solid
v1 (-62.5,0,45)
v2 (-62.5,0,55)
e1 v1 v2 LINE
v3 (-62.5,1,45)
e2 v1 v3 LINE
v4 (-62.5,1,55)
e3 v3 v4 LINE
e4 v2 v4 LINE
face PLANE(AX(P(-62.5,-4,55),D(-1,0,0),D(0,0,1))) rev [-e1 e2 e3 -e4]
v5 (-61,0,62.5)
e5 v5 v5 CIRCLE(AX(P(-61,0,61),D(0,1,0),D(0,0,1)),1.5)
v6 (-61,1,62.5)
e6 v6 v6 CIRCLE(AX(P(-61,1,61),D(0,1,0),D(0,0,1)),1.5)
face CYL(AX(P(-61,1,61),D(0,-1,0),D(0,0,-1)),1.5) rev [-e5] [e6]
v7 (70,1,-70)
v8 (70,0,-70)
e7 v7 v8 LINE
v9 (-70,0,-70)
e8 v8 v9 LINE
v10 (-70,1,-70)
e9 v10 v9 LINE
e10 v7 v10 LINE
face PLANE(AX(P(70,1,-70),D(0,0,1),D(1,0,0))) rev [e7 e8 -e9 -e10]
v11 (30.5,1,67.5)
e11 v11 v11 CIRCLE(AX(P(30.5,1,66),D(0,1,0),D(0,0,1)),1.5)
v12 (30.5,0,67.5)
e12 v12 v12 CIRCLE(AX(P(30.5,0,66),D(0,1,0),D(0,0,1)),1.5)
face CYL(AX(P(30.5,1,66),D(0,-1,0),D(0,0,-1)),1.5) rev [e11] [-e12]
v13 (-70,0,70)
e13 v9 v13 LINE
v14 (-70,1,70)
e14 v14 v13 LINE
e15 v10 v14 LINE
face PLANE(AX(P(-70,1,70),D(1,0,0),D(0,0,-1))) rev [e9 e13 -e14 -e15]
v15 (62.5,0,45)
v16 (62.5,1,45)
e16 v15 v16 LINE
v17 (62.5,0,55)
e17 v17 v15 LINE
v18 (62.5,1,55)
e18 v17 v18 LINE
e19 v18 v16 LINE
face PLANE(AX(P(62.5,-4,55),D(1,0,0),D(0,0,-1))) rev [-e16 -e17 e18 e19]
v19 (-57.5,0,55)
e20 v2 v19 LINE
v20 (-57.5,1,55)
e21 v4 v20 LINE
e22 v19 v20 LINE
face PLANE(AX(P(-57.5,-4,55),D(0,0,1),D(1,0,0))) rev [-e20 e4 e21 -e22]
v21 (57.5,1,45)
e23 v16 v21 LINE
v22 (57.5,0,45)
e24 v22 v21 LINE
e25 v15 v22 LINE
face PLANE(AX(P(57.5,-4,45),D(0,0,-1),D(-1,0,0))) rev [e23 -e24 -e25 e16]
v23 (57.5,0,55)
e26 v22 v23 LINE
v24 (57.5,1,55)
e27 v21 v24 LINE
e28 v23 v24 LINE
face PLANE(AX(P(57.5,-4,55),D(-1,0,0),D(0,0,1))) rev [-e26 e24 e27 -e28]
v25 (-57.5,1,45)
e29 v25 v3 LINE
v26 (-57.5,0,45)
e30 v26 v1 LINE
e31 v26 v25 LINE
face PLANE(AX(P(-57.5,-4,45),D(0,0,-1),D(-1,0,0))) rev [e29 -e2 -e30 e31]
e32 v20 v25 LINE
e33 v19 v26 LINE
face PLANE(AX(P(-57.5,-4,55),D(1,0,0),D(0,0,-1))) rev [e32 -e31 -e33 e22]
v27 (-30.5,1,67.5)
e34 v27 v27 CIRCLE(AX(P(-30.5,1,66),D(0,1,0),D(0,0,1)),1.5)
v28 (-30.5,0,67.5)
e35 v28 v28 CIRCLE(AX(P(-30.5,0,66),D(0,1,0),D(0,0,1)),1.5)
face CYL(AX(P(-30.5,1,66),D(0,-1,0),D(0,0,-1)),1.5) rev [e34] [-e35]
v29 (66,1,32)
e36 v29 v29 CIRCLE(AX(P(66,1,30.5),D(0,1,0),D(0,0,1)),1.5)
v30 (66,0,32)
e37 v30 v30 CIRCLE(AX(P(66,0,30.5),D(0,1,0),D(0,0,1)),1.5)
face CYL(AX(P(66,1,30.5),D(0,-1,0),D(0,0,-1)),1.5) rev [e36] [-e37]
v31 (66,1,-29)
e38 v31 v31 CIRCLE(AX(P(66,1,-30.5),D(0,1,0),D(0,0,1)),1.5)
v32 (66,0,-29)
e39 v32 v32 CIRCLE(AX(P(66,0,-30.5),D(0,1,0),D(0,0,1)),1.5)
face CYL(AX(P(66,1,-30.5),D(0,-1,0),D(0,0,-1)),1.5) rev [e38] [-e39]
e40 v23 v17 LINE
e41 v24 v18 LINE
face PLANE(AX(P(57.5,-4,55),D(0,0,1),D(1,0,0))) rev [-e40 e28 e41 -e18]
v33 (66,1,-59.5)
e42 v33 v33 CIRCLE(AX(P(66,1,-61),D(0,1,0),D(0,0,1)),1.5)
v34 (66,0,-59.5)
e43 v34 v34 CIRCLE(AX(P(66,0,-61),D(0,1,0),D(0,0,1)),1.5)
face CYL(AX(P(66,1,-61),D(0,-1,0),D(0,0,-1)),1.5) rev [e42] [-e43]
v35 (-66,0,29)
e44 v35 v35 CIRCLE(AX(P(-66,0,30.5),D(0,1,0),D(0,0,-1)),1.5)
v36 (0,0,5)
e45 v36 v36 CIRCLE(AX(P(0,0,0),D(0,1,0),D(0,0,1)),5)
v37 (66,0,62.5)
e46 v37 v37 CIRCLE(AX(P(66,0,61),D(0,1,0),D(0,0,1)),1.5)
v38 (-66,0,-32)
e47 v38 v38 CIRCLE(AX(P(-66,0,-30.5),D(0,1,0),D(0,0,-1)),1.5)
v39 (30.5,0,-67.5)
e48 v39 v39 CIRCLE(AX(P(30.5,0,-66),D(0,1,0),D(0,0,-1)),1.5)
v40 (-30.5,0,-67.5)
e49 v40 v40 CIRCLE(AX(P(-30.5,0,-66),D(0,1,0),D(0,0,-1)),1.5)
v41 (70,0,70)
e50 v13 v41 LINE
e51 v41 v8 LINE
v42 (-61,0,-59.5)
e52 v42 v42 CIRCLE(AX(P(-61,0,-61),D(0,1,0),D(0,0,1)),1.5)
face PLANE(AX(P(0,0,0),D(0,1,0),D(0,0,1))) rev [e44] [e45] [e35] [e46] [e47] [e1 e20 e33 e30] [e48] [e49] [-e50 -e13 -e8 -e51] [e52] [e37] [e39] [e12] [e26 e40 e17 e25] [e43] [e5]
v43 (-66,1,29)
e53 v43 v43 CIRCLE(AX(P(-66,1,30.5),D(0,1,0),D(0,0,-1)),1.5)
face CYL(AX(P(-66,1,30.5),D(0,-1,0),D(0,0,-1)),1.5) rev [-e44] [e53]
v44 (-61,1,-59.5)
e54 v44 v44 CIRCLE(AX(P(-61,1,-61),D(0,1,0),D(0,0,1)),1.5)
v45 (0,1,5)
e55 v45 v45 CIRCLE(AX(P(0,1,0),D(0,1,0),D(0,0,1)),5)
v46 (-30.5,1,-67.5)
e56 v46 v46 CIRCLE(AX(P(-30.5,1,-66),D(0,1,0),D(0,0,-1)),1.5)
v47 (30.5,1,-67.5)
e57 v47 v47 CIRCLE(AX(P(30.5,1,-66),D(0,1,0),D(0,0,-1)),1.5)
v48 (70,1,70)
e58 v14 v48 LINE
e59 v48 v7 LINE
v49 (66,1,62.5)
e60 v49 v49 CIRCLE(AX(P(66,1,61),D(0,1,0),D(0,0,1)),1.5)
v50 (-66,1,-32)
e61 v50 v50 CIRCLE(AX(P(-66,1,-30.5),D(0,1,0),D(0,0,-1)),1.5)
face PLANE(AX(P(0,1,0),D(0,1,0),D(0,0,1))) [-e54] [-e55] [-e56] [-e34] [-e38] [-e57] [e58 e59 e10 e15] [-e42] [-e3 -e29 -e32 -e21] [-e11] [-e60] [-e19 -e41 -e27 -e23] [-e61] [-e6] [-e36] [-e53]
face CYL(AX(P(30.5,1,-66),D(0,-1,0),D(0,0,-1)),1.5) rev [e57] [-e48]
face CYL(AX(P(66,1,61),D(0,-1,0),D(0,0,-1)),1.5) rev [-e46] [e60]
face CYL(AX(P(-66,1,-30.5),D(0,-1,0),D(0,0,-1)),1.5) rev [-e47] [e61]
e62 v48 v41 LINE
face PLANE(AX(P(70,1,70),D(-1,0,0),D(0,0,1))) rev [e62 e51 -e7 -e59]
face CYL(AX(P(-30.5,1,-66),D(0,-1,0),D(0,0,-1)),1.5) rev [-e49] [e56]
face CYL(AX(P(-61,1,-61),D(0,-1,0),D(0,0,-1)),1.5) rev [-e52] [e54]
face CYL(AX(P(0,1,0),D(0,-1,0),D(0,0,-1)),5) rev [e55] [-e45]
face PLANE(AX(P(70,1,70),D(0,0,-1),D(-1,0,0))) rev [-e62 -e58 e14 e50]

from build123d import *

# Parameters (mm, degrees)
CROQUIS1_W              = 140
CROQUIS1_H              = 140
CROQUIS1_R              = 1.5
CROQUIS1_R_2            = 5
SALIENTE_EXTRUIR1_DEPTH = 1
CROQUIS2_W              = 5
CROQUIS2_H              = 10
CORTAR_EXTRUIR1_DEPTH   = 5


with BuildPart() as part:
    # Croquis1 → Saliente-Extruir1 (new body)
    with BuildSketch(Plane(origin=(0, 0, 0), x_dir=(1, 0, 0), z_dir=(0, 1, 0))):
        Rectangle(CROQUIS1_W, CROQUIS1_H)
        with Locations(Location((-61, 61, 0), (0, 0, 270))):
            Circle(CROQUIS1_R, mode=Mode.SUBTRACT)
        with Locations(Location((66, 61, 0), (0, 0, 270))):
            Circle(CROQUIS1_R, mode=Mode.SUBTRACT)
        with Locations(Location((66, -61, 0), (0, 0, 270))):
            Circle(CROQUIS1_R, mode=Mode.SUBTRACT)
        with Locations(Location((-61, -61, 0), (0, 0, 270))):
            Circle(CROQUIS1_R, mode=Mode.SUBTRACT)
        with Locations(Location((66, 30.5, 0), (0, 0, 270))):
            Circle(CROQUIS1_R, mode=Mode.SUBTRACT)
        with Locations(Location((66, -30.5, 0), (0, 0, 270))):
            Circle(CROQUIS1_R, mode=Mode.SUBTRACT)
        with Locations(Location((-30.5, -66, 0), (0, 0, 270))):
            Circle(CROQUIS1_R, mode=Mode.SUBTRACT)
        with Locations(Location((30.5, -66, 0), (0, 0, 270))):
            Circle(CROQUIS1_R, mode=Mode.SUBTRACT)
        with Locations(Location((-30.5, 66, 0), (0, 0, 90))):
            Circle(CROQUIS1_R, mode=Mode.SUBTRACT)
        with Locations(Location((30.5, 66, 0), (0, 0, 90))):
            Circle(CROQUIS1_R, mode=Mode.SUBTRACT)
        with Locations(Location((-66, 30.5, 0), (0, 0, 90))):
            Circle(CROQUIS1_R, mode=Mode.SUBTRACT)
        with Locations(Location((-66, -30.5, 0), (0, 0, 90))):
            Circle(CROQUIS1_R, mode=Mode.SUBTRACT)
        with Locations(Location((0, 0, 0), (0, 0, 270))):
            Circle(CROQUIS1_R_2, mode=Mode.SUBTRACT)
    extrude(amount=SALIENTE_EXTRUIR1_DEPTH)

    # Croquis2 → Cortar-Extruir1 (cut)
    with BuildSketch(Plane(origin=(0, 1, 0), x_dir=(1, 0, 0), z_dir=(0, 1, 0))):
        with Locations((60, -50)):
            Rectangle(CROQUIS2_W, CROQUIS2_H)
        with Locations((-60, -50)):
            Rectangle(CROQUIS2_W, CROQUIS2_H)
    extrude(amount=-CORTAR_EXTRUIR1_DEPTH, mode=Mode.SUBTRACT)


solid = part.part
